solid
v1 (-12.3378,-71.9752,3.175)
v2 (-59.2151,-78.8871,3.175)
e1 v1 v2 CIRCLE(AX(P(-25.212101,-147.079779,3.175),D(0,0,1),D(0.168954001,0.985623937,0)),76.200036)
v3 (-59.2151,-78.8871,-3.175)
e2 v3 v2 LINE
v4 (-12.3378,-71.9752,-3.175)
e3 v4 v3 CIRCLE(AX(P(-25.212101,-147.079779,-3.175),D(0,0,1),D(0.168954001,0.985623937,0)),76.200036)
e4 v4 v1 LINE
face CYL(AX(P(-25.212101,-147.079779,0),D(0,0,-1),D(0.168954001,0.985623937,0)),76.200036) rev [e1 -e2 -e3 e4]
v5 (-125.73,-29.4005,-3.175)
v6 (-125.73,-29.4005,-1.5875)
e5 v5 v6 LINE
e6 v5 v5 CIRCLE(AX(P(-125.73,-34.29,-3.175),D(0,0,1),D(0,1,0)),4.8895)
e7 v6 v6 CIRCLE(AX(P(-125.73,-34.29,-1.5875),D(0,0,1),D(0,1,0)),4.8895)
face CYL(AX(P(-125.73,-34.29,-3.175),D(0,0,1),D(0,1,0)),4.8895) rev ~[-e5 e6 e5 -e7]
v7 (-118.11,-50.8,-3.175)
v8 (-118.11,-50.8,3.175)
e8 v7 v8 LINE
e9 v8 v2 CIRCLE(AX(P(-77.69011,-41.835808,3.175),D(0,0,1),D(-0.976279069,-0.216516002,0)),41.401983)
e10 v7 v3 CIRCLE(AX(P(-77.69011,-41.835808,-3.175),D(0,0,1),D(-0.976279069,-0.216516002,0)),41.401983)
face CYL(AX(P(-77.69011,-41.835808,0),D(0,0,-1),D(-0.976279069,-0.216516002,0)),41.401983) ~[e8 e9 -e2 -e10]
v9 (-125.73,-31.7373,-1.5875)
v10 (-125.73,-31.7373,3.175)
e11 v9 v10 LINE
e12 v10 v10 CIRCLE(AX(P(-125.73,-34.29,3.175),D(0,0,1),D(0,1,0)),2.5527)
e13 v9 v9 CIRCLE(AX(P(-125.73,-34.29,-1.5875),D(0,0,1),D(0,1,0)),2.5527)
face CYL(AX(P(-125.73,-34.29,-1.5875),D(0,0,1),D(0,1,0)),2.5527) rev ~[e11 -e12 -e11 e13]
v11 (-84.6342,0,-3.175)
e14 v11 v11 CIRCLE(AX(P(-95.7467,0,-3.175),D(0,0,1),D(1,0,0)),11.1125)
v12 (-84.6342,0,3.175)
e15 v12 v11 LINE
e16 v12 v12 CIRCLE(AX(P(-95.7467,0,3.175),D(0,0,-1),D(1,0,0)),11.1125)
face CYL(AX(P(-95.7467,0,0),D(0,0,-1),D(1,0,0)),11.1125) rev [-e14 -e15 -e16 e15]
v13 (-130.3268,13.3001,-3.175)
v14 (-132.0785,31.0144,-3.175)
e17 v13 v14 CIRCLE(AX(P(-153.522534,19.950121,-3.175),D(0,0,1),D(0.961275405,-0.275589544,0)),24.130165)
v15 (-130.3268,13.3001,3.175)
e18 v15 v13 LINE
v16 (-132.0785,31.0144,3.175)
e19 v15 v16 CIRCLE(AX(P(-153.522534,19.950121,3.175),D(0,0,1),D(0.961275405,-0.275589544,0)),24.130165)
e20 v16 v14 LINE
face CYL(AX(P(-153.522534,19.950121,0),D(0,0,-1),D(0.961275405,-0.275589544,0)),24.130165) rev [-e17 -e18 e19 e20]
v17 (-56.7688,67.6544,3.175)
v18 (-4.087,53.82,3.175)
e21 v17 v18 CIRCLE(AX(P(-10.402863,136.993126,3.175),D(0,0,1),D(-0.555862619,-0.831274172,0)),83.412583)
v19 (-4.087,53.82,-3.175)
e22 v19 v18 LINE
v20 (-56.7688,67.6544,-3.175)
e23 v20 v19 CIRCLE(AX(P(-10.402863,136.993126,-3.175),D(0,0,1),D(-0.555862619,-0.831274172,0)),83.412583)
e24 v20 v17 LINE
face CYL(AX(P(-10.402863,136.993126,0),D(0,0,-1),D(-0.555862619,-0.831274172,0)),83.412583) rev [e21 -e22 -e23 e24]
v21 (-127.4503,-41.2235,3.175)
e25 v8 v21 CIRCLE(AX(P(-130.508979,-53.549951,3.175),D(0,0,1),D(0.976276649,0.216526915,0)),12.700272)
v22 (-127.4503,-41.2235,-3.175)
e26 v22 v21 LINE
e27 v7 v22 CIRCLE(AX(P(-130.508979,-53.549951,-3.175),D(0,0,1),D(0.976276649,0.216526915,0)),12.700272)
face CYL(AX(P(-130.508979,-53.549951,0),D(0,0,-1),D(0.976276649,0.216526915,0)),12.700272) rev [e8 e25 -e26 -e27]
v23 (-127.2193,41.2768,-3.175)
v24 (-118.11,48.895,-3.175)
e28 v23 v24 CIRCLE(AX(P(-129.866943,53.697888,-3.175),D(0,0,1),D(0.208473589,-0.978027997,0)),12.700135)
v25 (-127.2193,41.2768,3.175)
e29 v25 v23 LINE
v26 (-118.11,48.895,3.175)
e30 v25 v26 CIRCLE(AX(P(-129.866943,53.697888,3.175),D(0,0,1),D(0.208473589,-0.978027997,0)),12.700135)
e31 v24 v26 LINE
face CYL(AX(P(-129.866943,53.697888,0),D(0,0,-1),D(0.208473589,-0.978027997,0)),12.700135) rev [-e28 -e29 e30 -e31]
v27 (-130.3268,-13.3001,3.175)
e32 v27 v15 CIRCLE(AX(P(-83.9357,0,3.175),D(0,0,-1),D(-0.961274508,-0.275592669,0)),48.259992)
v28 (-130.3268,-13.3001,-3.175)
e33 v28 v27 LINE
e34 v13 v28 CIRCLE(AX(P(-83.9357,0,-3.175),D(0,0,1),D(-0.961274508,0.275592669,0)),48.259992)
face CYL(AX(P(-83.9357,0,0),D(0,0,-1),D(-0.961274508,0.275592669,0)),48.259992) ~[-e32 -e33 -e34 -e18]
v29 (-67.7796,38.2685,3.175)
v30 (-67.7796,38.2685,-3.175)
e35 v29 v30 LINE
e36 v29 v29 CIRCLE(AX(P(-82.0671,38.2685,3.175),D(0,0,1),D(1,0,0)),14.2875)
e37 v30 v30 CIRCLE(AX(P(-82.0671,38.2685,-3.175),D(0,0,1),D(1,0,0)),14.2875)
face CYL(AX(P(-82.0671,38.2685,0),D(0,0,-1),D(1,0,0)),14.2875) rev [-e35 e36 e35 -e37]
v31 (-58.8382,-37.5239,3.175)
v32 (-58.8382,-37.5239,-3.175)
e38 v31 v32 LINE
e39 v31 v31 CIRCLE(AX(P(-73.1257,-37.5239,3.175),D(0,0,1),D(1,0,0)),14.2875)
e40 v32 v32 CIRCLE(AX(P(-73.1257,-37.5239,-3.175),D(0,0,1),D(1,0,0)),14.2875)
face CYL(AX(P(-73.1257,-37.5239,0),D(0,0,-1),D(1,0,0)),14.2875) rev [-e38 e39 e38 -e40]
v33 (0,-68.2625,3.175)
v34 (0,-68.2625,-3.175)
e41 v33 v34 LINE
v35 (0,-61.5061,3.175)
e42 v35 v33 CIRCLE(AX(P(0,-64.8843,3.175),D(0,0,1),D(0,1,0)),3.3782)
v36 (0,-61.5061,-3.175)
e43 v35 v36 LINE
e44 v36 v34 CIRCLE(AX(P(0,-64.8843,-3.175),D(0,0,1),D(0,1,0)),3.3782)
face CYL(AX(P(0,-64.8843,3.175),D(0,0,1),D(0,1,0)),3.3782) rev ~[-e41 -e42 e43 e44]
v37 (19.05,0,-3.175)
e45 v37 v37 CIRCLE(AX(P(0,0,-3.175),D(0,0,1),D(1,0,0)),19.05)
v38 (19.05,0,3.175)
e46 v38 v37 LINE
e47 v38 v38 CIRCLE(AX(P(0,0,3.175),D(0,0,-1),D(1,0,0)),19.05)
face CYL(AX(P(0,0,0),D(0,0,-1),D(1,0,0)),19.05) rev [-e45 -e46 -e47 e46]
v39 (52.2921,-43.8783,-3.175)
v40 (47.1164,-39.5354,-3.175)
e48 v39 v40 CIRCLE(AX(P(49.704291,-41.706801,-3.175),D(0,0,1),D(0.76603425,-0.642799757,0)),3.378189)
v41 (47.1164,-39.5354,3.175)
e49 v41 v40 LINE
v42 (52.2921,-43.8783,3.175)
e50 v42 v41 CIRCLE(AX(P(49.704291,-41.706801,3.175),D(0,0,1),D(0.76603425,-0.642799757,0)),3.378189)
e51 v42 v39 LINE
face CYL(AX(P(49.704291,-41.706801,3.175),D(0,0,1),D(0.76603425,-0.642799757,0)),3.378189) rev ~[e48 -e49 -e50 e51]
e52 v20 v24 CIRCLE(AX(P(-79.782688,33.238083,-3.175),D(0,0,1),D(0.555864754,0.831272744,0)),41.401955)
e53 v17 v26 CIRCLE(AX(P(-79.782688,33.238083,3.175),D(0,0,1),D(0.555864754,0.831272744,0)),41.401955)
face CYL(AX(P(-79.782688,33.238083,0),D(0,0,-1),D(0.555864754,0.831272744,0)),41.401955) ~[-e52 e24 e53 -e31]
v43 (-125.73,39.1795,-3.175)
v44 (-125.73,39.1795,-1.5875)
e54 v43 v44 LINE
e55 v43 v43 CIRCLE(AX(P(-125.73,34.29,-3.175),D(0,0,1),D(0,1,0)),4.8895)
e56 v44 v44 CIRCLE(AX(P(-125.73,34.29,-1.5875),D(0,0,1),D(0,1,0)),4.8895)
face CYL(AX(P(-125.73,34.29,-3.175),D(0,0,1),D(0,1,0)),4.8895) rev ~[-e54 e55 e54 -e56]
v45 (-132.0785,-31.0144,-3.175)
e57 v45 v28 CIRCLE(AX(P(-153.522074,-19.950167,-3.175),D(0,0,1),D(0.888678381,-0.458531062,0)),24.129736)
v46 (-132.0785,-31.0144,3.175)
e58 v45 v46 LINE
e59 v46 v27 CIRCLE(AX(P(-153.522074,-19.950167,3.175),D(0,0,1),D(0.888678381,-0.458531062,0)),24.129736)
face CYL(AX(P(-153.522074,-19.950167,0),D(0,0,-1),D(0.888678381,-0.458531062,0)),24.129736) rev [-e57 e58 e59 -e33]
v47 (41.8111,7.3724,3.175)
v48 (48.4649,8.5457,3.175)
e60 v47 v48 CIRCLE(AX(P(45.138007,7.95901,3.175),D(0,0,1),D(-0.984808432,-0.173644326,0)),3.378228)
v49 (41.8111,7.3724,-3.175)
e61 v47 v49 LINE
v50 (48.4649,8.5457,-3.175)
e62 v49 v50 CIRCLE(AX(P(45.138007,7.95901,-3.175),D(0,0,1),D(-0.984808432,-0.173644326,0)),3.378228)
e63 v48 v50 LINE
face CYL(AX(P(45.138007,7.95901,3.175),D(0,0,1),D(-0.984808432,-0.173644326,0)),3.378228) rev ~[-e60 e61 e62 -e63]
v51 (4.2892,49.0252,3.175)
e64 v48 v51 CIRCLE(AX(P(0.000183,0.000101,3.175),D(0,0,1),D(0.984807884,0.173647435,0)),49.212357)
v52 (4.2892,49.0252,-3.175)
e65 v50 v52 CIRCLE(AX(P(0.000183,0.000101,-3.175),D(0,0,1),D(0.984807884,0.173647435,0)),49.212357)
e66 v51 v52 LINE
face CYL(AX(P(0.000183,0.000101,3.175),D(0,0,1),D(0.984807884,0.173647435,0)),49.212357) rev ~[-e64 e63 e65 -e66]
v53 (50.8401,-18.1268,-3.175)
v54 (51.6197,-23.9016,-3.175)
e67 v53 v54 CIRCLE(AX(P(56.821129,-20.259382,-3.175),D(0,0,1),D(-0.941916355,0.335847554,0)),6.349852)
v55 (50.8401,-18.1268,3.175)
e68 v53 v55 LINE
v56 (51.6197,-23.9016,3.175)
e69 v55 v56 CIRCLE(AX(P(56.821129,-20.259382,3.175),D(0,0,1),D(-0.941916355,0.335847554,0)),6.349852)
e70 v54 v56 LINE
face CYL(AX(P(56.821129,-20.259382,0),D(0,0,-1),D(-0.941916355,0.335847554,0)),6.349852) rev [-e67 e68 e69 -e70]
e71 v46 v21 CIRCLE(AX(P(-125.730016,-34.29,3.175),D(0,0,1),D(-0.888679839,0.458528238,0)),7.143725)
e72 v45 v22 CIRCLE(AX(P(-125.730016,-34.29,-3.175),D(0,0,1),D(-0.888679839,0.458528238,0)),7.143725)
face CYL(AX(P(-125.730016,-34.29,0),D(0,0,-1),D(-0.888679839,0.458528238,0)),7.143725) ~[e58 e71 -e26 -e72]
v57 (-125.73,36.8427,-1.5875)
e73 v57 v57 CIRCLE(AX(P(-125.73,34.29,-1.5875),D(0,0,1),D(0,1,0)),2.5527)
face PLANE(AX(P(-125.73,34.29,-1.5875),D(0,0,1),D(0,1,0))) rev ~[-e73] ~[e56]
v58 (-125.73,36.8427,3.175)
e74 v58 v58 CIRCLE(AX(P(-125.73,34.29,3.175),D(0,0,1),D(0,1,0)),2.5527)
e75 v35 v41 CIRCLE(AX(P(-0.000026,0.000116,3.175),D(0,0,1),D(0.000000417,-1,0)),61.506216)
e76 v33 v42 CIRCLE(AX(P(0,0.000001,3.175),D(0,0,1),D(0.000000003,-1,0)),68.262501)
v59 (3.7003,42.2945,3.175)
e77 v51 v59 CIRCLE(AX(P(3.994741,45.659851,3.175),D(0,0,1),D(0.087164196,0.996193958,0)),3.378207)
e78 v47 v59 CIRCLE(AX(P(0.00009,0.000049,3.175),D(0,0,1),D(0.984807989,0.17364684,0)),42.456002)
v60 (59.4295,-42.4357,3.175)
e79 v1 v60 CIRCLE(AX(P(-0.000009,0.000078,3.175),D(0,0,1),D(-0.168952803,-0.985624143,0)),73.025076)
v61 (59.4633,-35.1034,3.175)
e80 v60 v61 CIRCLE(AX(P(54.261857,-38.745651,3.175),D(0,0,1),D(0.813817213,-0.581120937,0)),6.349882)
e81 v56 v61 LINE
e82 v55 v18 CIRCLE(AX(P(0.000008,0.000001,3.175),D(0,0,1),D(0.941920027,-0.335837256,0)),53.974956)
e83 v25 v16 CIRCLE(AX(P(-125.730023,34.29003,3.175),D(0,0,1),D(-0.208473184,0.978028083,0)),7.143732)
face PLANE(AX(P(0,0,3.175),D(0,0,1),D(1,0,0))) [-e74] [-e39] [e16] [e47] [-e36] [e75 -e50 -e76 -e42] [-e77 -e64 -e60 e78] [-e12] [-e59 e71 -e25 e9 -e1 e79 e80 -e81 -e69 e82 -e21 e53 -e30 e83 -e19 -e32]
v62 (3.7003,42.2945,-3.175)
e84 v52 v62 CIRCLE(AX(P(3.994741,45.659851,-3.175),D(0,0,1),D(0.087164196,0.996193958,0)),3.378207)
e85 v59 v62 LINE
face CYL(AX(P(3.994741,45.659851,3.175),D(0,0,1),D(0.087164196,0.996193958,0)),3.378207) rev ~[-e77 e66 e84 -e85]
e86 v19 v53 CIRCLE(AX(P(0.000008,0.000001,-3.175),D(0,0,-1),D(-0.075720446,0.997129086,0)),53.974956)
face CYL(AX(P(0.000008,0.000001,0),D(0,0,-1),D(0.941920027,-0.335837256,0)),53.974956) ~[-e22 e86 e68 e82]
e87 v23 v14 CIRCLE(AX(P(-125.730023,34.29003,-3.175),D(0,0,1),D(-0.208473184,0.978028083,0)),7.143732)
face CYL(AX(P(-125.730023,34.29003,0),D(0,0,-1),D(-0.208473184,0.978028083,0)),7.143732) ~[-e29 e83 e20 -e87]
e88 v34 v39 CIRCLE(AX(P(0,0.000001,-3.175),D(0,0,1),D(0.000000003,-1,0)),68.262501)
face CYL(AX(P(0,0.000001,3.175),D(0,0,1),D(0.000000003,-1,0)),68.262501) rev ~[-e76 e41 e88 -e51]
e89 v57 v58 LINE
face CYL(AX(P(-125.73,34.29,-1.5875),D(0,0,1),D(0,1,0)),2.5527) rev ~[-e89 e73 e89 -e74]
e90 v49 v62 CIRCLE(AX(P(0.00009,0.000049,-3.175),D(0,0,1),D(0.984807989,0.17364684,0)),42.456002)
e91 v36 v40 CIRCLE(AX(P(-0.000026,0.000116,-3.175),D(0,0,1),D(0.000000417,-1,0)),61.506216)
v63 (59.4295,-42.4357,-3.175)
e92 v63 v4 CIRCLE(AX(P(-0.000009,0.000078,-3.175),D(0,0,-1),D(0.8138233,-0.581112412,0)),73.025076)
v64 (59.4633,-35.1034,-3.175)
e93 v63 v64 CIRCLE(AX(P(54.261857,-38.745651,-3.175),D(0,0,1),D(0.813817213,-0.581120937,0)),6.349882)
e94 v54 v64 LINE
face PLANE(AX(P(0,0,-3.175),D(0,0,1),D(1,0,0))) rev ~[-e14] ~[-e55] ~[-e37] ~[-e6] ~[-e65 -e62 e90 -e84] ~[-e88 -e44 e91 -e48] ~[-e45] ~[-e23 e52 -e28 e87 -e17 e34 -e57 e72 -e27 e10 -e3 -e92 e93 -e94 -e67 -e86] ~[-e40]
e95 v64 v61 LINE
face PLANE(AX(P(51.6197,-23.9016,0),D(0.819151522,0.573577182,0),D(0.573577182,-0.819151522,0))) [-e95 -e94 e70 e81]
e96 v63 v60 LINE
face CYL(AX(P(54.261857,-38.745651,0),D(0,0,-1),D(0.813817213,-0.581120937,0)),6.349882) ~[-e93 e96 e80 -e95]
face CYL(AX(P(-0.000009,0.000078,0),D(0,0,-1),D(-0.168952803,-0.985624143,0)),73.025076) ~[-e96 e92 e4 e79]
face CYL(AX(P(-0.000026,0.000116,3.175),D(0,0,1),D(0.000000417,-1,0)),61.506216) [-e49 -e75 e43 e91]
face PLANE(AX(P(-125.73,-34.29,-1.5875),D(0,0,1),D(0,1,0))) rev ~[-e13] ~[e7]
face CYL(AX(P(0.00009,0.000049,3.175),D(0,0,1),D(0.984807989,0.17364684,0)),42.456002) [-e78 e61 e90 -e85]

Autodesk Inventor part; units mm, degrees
ref_plane "YZ Plane" through (0, 0, 0) normal (1, 0, 0) x (0, 1, 0)
ref_plane "XZ Plane" through (0, 0, 0) normal (0, 1, 0) x (-1, 0, 0)
ref_plane "XY Plane" through (0, 0, 0) normal (0, 0, 1) x (1, 0, 0)
sketch "Sketch1" plane through (0, 0, 0) normal (0, 0, 1) x (1, 0, 0)
  line L0 (-198.2999, 0) -> (115.1427, 0) projected
  line L1 (0, -203.8942) -> (0, 193.807) projected
  circle A0 centre (0, 0) radius 53.975 construction
  circle A1 centre (0, 0) radius 19.05
  arc A2 (50.8401, -18.1268) -> (-4.087, 53.82) centre (0, 0) ccw
  line L2 (51.6197, -23.9016) -> (59.4633, -35.1034)
  arc A3 (50.8401, -18.1268) -> (51.6197, -23.9016) centre (56.8213, -20.2594) ccw
  line L3 (0, 0) -> (-57.7807, -26.9436) construction
  circle A4 centre (0, 0) radius 53.975 construction
  circle A5 centre (-95.7467, 0) radius 11.1125
  circle A6 centre (-73.1257, -37.5239) radius 14.2875
  circle A7 centre (-82.0671, 38.2685) radius 14.2875
  arc A8 (-56.7688, 67.6544) -> (-118.11, 48.895) centre (-79.7827, 33.238) ccw
  arc A9 (-118.11, -50.8) -> (-59.2151, -78.8871) centre (-77.6901, -41.8358) ccw
  arc A10 (-12.3378, -71.9752) -> (-59.2151, -78.8871) centre (-25.2121, -147.0797) ccw
  circle A11 centre (0, 0) radius 16.51 construction
  line L4 (0, 0) -> (-82.0671, 38.2685) construction
  circle A12 centre (-125.73, 34.29) radius 6.35 construction
  circle A13 centre (-125.73, -34.29) radius 6.35 construction
  line L5 (0, 0) -> (-34.422, 64.7383) construction
  line L6 (0, 0) -> (-56.7688, 67.6544) construction
  arc A14 (-127.2193, 41.2768) -> (-132.0785, 31.0144) centre (-125.73, 34.29) ccw
  arc A15 (-130.3268, 13.3001) -> (-130.3268, -13.3001) centre (-83.9357, 0) ccw
  arc A16 (-130.3268, 13.3001) -> (-132.0785, 31.0144) centre (-153.5223, 19.9501) ccw
  arc A17 (-132.0785, -31.0144) -> (-127.4503, -41.2235) centre (-125.73, -34.29) ccw
  arc A18 (-132.0785, -31.0144) -> (-130.3268, -13.3001) centre (-153.5223, -19.9501) ccw
  arc A19 (-118.11, -50.8) -> (-127.4503, -41.2235) centre (-130.5087, -53.5498) ccw
  arc A20 (-127.2193, 41.2768) -> (-118.11, 48.895) centre (-129.8669, 53.6978) ccw
  line L7 (-198.2999, 0) -> (115.1427, 0) projected
  line L8 (0, 193.807) -> (0, -203.8942) projected
  line L9 (-118.11, -50.8) -> (0, -50.8) construction
  arc A21 (-12.3378, -71.9752) -> (59.4295, -42.4357) centre (0, 0) ccw
  arc A22 (59.4295, -42.4357) -> (59.4633, -35.1034) centre (54.2617, -38.7456) ccw
  line L10 (0, 0) -> (41.8854, -59.8186) construction
  line L11 (-118.11, 48.895) -> (0, 48.895) construction
  arc A23 (-56.7688, 67.6544) -> (-4.087, 53.82) centre (-10.4031, 136.9926) ccw
  point P0 (61.9528, -38.6588)
  point P1 (-67.9722, -26.6913)
  dimension "d67" = 107.95
  dimension "d68" = 38.1
  dimension "d84" = 65
  dimension "d88" = 107.95
  dimension "d89" = 22.225
  dimension "d90" = 28.575
  dimension "d99" = 33.02
  dimension "d100" = 43.815
  dimension "d103" = 28.575
  dimension "d105" = 90.551
  dimension "d106" = 12.7
  dimension "d107" = 12.7
  dimension "d114" = 14.2875
  dimension "d115" = 14.2875
  dimension "d117" = 24.13
  dimension "d118" = 24.13
  dimension "d119" = 48.26
  dimension "d120" = 12.7
  dimension "d124" = 76.2
  dimension "d127" = 28
  dimension "d128" = 40
  dimension "d129" = 65
  dimension "d130" = 40.64
  dimension "d131" = 34.29
  dimension "d132" = 34.29
  dimension "d133" = 125.73
  dimension "d134" = 125.73
  dimension "d138" = 11.811
  dimension "d140" = 50.8
  dimension "d141" = 118.11
  dimension "d153" = 35
  dimension "d154" = 6.35
  dimension "d155" = 6.35
  dimension "d167" = 73.025
  dimension "d168" = 28.575
  dimension "d169" = 12.7
  dimension "d170" = 41.402
  dimension "d173" = 118.11
  dimension "d174" = 48.895
extrude "Base" add sketch "Sketch1" along normal mid plane 6.35 contours A15 A16 A14 A20 A8 A23 A2 L1 A1 L0 A5 | L0 A5 A1 L1 A21 A10 A9 A19 A17 A18 A15 | L1 A2 L0 A1 | A1 L0 A2 A3 L2 A22 A21 L1
sketch "Sketch2" plane through (0, 0, -3.175) normal (0, 0, -1) x (-1, 0, 0)
  arc A0 (127.4503, -41.2235) -> (132.0785, -31.0144) centre (125.73, -34.29) ccw projected
  arc A1 (132.0785, 31.0144) -> (127.2193, 41.2768) centre (125.73, 34.29) ccw projected
hole "Standoff holes to back plate" at (-125.73, 34.29, -3.175) at (-125.73, -34.29, -3.175) direction (0, 0, 1) diameter 5.1054 end through all counterbore diameter 9.779 counterbore depth 1.5875 clearance for "Flat Head Machine Screw (82)" size "#10" standard "Ansi Unified Screw Threads"
sketch "Sketch3" plane through (0, 0, 3.175) normal (0, 0, 1) x (1, 0, 0)
  arc A0 (-12.3378, -71.9752) -> (59.4295, -42.4357) centre (0, 0) ccw projected
  line L0 (51.6197, -23.9016) -> (59.4633, -35.1034) projected
  arc A1 (50.8401, -18.1268) -> (-4.087, 53.82) centre (0, 0) ccw projected
  line L1 (-173.5215, 0) -> (111.013, 0) projected
  line L2 (0, -114.8134) -> (0, 106.2156) projected
  arc A2 (0, -61.5061) -> (47.1164, -39.5354) centre (0, 0) ccw
  arc A3 (52.2921, -43.8783) -> (47.1164, -39.5354) centre (49.7043, -41.7068) ccw
  arc A4 (0, -61.5061) -> (0, -68.2625) centre (0, -64.8843) ccw
  arc A5 (0, -68.2625) -> (52.2921, -43.8783) centre (0, 0) ccw
  line L3 (49.7043, -41.7068) -> (0, 0) construction
  line L4 (0, -64.8843) -> (0, 0) construction
  point P0 (-10.4819, 52.9474)
  dimension "d159" = 4.7625
  dimension "d160" = 6.7564
  dimension "d161" = 15
  dimension "d162" = 50
extrude "Tensioning Slot" cut sketch "Sketch3" against normal through all contours A2 A3 A5 L2 | L2 A4
sketch "Sketch4" plane through (0, 0, 3.175) normal (0, 0, 1) x (1, 0, 0)
  arc A0 (50.8401, -18.1268) -> (-4.087, 53.82) centre (0, 0) ccw projected
  arc A1 (-12.3378, -71.9752) -> (59.4295, -42.4357) centre (0, 0) ccw projected
  line L0 (-173.5215, 0) -> (111.013, 0) projected
  line L1 (0, -114.8134) -> (0, 106.2156) projected
  arc A2 (41.8111, 7.3724) -> (48.4649, 8.5457) centre (45.138, 7.959) ccw
  arc A3 (4.2892, 49.0252) -> (3.7003, 42.2945) centre (3.9947, 45.6599) ccw
  arc A4 (41.8111, 7.3724) -> (3.7003, 42.2945) centre (0, 0) ccw
  arc A5 (48.4649, 8.5457) -> (4.2892, 49.0252) centre (0, 0) ccw
  line L2 (0, 0) -> (3.9947, 45.6599) construction
  line L3 (0, 0) -> (45.138, 7.959) construction
  dimension "d181" = 4.7625
  dimension "d182" = 6.7564
  dimension "d183" = 75
  dimension "d187" = 10
extrude "Tensioning Slot:2" cut sketch "Sketch4" against normal through all contours A4 A3 A5 A2
equation "\"d132\" = d131"
equation "\"d134\" = d133"
properties part number "front plate"
